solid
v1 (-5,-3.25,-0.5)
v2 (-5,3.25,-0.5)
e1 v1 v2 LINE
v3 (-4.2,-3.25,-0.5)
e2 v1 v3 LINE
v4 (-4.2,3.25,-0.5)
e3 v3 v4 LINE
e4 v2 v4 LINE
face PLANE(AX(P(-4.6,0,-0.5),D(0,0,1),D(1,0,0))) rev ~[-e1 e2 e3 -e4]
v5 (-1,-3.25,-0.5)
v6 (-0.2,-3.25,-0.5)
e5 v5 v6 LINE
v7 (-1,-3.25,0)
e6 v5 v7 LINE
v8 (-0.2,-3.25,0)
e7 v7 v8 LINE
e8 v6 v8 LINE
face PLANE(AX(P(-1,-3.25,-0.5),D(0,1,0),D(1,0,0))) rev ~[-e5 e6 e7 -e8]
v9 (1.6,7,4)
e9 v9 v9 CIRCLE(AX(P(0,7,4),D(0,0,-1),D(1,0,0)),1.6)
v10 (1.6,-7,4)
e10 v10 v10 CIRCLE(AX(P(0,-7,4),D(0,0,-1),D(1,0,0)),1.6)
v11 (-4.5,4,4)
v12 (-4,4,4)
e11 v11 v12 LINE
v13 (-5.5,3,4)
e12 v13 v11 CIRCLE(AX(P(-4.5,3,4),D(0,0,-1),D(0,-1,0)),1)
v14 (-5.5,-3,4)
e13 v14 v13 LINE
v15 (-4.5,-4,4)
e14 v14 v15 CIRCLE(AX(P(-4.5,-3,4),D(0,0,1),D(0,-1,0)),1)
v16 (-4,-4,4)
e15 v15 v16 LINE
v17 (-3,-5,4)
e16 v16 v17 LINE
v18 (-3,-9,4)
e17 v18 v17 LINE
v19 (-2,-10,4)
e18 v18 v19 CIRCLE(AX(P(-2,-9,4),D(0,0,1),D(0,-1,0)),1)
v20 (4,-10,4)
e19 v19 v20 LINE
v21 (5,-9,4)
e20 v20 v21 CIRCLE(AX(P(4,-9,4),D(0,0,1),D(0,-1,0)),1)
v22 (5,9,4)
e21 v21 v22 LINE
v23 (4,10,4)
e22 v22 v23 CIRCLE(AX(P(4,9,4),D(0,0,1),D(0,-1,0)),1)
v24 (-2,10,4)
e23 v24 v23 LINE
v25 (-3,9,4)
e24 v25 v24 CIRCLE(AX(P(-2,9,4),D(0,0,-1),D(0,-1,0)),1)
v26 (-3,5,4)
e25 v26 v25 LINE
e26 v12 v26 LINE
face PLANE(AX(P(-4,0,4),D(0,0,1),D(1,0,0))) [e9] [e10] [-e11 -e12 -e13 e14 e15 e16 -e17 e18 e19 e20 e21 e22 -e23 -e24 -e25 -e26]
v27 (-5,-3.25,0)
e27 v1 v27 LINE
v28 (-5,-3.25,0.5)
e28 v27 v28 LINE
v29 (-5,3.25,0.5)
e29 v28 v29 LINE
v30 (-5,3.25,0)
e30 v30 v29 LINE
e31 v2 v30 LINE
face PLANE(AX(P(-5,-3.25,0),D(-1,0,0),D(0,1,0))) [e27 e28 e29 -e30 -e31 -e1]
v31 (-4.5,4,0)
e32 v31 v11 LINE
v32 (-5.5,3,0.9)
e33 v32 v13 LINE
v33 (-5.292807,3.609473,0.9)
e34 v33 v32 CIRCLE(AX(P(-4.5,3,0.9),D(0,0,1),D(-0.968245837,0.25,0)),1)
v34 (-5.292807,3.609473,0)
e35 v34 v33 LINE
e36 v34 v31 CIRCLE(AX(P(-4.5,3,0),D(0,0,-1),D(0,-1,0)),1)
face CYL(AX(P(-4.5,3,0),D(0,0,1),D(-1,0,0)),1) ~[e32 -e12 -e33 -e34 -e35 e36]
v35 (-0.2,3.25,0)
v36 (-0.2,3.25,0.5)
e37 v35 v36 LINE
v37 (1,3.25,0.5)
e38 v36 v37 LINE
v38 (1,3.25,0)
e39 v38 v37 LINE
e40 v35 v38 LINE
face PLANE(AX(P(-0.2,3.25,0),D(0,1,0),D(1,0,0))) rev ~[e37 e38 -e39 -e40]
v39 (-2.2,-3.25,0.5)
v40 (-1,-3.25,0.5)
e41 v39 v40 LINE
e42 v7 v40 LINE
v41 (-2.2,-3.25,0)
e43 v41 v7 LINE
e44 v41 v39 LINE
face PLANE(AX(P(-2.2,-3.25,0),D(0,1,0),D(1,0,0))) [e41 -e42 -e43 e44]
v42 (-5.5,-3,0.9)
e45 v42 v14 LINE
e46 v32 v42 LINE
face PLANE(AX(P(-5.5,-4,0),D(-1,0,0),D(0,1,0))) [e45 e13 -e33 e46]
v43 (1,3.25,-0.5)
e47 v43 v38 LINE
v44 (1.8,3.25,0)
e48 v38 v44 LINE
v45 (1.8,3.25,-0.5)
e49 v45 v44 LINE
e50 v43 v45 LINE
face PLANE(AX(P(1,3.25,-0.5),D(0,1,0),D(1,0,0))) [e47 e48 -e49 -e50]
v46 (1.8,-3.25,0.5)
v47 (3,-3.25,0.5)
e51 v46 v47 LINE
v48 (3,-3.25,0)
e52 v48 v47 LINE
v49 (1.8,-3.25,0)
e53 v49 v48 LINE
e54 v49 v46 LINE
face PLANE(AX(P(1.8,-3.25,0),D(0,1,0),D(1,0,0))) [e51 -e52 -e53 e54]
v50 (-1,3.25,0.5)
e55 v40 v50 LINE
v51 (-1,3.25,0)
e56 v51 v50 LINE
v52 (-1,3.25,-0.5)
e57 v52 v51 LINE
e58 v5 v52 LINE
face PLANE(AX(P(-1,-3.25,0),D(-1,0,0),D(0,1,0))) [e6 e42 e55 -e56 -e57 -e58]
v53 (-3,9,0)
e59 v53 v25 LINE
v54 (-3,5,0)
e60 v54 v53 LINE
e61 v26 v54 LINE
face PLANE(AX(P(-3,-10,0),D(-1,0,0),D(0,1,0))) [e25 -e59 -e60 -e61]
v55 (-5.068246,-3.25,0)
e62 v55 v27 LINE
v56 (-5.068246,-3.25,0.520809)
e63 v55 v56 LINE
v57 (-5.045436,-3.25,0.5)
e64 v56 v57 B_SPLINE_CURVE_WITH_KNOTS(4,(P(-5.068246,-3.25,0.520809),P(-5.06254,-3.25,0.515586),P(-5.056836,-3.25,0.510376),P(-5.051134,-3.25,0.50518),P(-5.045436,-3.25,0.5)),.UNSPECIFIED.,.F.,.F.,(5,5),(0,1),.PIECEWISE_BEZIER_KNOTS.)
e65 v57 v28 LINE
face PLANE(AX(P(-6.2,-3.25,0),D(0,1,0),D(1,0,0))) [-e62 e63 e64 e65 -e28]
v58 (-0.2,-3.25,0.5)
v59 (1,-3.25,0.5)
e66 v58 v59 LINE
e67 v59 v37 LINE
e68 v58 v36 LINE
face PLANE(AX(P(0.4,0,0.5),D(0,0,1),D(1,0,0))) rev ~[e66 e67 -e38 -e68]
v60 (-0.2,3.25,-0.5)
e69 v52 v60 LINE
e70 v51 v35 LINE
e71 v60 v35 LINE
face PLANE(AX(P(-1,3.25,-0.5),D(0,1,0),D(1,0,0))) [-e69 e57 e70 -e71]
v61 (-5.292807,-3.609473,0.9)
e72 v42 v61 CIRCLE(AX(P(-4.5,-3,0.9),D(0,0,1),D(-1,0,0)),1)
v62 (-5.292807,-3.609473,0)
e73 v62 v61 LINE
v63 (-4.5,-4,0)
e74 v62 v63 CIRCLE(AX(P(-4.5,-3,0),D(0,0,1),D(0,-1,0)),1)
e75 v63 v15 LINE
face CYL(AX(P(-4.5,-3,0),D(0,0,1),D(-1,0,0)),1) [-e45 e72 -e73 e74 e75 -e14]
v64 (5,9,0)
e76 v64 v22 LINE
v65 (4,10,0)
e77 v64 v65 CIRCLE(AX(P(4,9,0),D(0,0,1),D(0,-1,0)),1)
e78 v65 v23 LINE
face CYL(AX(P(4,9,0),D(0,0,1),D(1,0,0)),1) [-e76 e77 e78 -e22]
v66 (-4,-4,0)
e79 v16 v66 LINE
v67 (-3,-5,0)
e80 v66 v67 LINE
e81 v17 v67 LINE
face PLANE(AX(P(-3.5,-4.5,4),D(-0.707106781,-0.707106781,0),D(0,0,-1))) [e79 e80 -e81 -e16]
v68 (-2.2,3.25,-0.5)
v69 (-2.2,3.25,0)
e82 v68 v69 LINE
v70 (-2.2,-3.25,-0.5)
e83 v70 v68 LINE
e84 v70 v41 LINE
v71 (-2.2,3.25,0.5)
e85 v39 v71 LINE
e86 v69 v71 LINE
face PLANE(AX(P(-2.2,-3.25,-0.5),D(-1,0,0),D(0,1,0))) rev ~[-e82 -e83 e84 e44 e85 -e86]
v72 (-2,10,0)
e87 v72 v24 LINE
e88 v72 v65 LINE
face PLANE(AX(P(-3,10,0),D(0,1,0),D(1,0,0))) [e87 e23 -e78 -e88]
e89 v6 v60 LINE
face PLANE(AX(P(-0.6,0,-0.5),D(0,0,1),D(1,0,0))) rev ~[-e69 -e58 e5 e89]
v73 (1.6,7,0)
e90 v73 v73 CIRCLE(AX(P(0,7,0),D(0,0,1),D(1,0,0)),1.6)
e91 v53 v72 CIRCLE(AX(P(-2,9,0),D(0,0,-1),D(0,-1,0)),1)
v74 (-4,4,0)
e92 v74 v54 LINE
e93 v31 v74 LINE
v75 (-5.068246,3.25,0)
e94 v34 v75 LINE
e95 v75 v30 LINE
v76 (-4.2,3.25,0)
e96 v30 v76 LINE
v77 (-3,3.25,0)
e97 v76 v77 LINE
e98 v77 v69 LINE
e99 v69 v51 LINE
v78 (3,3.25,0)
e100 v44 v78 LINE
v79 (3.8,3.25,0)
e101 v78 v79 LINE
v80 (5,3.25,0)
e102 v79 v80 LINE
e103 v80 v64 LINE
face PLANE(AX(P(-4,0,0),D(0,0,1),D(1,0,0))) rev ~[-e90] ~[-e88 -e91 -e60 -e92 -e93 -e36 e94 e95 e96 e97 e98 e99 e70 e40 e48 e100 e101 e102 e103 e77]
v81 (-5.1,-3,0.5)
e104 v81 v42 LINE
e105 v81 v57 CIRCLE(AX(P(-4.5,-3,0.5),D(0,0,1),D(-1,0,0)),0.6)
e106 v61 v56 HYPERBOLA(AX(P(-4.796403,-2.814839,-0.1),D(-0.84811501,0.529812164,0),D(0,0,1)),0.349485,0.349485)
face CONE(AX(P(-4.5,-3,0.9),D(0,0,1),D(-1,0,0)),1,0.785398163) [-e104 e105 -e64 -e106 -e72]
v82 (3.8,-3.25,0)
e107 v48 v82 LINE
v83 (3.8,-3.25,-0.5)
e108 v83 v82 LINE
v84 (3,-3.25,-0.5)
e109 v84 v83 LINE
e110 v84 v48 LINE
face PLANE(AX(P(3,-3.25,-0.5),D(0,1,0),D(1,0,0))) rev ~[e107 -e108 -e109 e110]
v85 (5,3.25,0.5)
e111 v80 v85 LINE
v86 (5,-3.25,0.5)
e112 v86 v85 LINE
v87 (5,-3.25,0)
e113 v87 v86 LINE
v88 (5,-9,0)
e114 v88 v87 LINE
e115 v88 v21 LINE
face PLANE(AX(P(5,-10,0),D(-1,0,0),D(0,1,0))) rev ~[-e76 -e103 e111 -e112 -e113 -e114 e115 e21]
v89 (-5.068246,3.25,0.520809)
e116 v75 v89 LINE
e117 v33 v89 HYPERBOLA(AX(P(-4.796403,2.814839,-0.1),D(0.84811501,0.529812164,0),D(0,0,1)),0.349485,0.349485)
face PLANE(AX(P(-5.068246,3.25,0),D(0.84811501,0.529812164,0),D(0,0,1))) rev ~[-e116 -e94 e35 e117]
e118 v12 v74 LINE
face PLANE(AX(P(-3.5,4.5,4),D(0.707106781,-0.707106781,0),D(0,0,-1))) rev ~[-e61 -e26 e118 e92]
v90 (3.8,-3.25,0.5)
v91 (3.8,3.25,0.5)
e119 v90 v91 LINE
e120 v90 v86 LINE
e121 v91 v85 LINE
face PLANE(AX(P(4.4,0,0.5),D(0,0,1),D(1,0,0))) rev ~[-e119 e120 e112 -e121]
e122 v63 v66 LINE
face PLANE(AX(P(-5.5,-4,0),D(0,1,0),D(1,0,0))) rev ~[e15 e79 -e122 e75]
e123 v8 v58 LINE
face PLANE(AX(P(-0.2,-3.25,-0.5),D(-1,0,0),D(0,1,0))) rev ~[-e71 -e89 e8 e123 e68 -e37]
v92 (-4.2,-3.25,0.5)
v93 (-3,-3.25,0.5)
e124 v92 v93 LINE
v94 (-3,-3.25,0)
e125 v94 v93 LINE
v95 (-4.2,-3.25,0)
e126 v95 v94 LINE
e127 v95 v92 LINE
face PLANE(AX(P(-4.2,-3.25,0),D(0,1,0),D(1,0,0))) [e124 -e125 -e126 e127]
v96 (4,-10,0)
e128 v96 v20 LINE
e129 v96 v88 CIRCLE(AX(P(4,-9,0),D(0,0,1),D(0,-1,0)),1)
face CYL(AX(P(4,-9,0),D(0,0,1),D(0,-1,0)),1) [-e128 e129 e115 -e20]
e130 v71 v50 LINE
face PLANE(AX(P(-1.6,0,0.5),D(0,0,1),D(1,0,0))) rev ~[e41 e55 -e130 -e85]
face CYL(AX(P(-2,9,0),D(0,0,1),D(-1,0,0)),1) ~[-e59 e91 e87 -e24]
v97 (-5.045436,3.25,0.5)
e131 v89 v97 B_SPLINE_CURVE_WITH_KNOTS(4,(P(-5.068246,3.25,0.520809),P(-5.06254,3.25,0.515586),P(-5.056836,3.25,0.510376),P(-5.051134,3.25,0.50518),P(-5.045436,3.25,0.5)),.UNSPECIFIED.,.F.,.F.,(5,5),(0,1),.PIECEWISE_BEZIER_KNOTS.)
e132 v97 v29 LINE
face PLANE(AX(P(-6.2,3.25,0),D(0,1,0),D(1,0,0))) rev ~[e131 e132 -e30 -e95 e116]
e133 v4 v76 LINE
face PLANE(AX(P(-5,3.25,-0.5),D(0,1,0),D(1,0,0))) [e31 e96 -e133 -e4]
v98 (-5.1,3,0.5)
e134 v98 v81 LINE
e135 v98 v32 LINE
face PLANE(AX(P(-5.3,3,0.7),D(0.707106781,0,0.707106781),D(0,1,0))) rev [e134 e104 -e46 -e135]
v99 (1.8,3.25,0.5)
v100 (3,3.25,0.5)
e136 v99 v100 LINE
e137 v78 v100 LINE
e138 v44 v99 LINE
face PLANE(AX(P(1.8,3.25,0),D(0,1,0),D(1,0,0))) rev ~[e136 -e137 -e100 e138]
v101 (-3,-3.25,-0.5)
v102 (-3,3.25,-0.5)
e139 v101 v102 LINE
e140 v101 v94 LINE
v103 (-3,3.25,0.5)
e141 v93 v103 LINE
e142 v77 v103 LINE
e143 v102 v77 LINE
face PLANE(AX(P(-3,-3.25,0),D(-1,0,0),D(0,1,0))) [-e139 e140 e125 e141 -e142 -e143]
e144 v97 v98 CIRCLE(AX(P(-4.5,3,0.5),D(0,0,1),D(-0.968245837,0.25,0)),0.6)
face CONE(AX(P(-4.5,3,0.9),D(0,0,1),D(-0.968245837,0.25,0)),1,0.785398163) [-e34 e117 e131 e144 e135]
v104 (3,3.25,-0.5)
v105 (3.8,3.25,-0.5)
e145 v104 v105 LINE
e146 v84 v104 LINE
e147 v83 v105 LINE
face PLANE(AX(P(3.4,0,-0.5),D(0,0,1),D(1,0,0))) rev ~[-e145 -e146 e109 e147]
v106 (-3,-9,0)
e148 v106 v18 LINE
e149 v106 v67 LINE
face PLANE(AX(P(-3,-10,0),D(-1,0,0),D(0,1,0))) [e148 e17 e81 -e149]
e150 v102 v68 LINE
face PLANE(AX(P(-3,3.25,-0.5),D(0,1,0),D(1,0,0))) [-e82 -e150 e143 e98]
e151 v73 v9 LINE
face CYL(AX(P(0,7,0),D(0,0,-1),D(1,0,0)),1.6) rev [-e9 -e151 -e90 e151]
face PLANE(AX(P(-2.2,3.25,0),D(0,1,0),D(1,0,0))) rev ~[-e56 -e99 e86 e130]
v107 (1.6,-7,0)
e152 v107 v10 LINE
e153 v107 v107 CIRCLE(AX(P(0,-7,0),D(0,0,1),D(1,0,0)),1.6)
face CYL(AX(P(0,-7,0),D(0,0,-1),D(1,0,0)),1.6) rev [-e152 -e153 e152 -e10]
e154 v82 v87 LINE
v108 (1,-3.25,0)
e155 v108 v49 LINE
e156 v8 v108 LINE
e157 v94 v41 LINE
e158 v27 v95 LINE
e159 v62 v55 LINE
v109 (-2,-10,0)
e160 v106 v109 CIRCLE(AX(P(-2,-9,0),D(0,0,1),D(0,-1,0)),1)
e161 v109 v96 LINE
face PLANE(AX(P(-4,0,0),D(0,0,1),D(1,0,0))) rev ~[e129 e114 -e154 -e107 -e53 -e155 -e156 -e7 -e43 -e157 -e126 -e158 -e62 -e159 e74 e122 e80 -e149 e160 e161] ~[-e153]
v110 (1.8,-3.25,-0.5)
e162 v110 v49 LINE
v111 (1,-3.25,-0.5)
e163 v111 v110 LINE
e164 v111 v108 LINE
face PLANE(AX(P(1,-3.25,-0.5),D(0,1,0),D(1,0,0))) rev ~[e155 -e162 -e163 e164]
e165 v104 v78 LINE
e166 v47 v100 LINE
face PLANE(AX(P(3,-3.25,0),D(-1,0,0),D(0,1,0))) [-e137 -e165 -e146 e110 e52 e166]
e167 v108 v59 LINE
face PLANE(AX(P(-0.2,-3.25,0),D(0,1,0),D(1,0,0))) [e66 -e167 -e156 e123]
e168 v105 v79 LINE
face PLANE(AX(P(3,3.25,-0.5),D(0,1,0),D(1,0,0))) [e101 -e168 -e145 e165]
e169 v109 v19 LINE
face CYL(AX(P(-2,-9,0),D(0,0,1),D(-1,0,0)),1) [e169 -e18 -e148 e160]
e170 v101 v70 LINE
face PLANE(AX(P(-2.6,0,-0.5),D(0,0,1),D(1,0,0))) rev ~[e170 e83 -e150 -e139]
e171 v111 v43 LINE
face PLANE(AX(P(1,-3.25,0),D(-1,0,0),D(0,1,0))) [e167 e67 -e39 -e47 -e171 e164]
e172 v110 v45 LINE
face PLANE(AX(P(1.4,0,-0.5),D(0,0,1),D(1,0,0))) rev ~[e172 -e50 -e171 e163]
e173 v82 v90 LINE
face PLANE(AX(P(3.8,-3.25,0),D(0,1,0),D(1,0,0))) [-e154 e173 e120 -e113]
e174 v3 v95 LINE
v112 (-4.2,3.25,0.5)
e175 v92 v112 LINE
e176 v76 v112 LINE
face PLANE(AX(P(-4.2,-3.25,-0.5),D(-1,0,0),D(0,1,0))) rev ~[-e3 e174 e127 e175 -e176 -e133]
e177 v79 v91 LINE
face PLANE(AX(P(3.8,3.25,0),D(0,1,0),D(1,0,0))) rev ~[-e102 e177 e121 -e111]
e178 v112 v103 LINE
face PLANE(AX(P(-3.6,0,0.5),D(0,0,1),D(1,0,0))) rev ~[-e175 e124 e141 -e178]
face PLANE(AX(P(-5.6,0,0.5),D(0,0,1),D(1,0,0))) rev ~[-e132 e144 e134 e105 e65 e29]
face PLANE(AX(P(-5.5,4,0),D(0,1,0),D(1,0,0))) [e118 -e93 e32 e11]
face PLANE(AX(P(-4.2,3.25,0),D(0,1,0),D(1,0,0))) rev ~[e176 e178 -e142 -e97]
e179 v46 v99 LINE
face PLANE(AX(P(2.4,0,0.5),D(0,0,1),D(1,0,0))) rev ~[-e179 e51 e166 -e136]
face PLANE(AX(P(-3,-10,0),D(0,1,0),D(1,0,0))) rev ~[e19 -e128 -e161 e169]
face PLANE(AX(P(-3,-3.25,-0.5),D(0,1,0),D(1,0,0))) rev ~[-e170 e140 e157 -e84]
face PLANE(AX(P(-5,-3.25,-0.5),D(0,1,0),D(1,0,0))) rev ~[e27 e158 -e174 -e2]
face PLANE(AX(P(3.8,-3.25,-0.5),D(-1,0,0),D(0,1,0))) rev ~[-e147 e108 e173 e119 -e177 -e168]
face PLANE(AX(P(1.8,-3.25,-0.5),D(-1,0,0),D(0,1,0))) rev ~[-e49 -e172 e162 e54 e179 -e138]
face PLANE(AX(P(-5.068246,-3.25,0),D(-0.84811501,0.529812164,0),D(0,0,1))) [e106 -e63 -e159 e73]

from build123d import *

# Parameters (mm, degrees)
BOX048_W           = 1.2
BOX048_H           = 6.5
BOX048_DEPTH       = 0.5
BOX049_W           = 1.2
BOX049_H           = 6.5
BOX049_DEPTH       = 0.5
BOX044_W           = 1.2
BOX044_H           = 6.5
BOX044_DEPTH       = 0.5
BOX043_W           = 1.2
BOX043_H           = 6.5
BOX043_DEPTH       = 0.5
BOX039_W           = 1.2
BOX039_H           = 6.5
BOX039_DEPTH       = 0.5
BOX045_W           = 1.2
BOX045_H           = 6.5
BOX045_DEPTH       = 0.5
BOX041_W           = 0.8
BOX041_H           = 6.5
BOX041_DEPTH       = 0.5
BOX040_W           = 0.8
BOX040_H           = 6.5
BOX040_DEPTH       = 0.5
BOX038_W           = 0.8
BOX038_H           = 6.5
BOX038_DEPTH       = 0.5
BOX042_W           = 0.8
BOX042_H           = 6.5
BOX042_DEPTH       = 0.5
BOX047_W           = 0.8
BOX047_H           = 6.5
BOX047_DEPTH       = 0.5
BOX046_W           = 3
BOX046_H           = 8
BOX046_DEPTH       = 4
CYLINDER012_R      = 1.6
CYLINDER012_DEPTH  = 10
CYLINDER011_R      = 1.6
CYLINDER011_DEPTH  = 10
BOX008_W           = 8
BOX008_H           = 20
BOX008_DEPTH       = 4
FILLET002_R        = 1
FILLET_R           = 1
CHAMFER008010_SIZE = 1
CHAMFER008011_SIZE = 0.4


with BuildPart() as cube044:
    # Box048 → Box048 (new body)
    with BuildSketch(Plane(origin=(-4.2, -3.25, 0), x_dir=(1, 0, 0), z_dir=(0, 0, 1))):
        with Locations((0.6, 3.25)):
            Rectangle(BOX048_W, BOX048_H)
    extrude(amount=BOX048_DEPTH)


with BuildPart() as cube045:
    # Box049 → Box049 (new body)
    with BuildSketch(Plane(origin=(-6.2, -3.25, 0), x_dir=(1, 0, 0), z_dir=(0, 0, 1))):
        with Locations((0.6, 3.25)):
            Rectangle(BOX049_W, BOX049_H)
    extrude(amount=BOX049_DEPTH)


with BuildPart() as cube040:
    # Box044 → Box044 (new body)
    with BuildSketch(Plane(origin=(1, -3.25, 0), x_dir=(1, 0, 0), z_dir=(0, 0, 1))):
        with Locations((0.6, 3.25)):
            Rectangle(BOX044_W, BOX044_H)
    extrude(amount=BOX044_DEPTH)


with BuildPart() as cube039:
    # Box043 → Box043 (new body)
    with BuildSketch(Plane(origin=(-1, -3.25, 0), x_dir=(1, 0, 0), z_dir=(0, 0, 1))):
        with Locations((0.6, 3.25)):
            Rectangle(BOX043_W, BOX043_H)
    extrude(amount=BOX043_DEPTH)


with BuildPart() as cube035:
    # Box039 → Box039 (new body)
    with BuildSketch(Plane(origin=(-3, -3.25, 0), x_dir=(1, 0, 0), z_dir=(0, 0, 1))):
        with Locations((0.6, 3.25)):
            Rectangle(BOX039_W, BOX039_H)
    extrude(amount=BOX039_DEPTH)


with BuildPart() as fusion001007011052:
    # Box045 → Box045 (new body)
    with BuildSketch(Plane(origin=(3, -3.25, 0), x_dir=(1, 0, 0), z_dir=(0, 0, 1))):
        with Locations((0.6, 3.25)):
            Rectangle(BOX045_W, BOX045_H)
    extrude(amount=BOX045_DEPTH)

    # Fusion001007011047: union Cube040, Cube039, Cube035
    add(cube040.part)
    add(cube039.part)
    add(cube035.part)


with BuildPart() as fusion001007011052_1:
    # Fusion001007011047 placement: moved
    add(fusion001007011052.part.moved(Location((0.8, 0, 0))))

    # Fusion001007011052: union Cube044, Cube045
    add(cube044.part)
    add(cube045.part)


with BuildPart() as cube037:
    # Box041 → Box041 (new body)
    with BuildSketch(Plane(origin=(2.2, -3.25, -0.5), x_dir=(1, 0, 0), z_dir=(0, 0, 1))):
        with Locations((0.4, 3.25)):
            Rectangle(BOX041_W, BOX041_H)
    extrude(amount=BOX041_DEPTH)


with BuildPart() as cube036:
    # Box040 → Box040 (new body)
    with BuildSketch(Plane(origin=(0.2, -3.25, -0.5), x_dir=(1, 0, 0), z_dir=(0, 0, 1))):
        with Locations((0.4, 3.25)):
            Rectangle(BOX040_W, BOX040_H)
    extrude(amount=BOX040_DEPTH)


with BuildPart() as cube034:
    # Box038 → Box038 (new body)
    with BuildSketch(Plane(origin=(-1.8, -3.25, -0.5), x_dir=(1, 0, 0), z_dir=(0, 0, 1))):
        with Locations((0.4, 3.25)):
            Rectangle(BOX038_W, BOX038_H)
    extrude(amount=BOX038_DEPTH)


with BuildPart() as fusion001007011046:
    # Box042 → Box042 (new body)
    with BuildSketch(Plane(origin=(4.2, -3.25, -0.5), x_dir=(1, 0, 0), z_dir=(0, 0, 1))):
        with Locations((0.4, 3.25)):
            Rectangle(BOX042_W, BOX042_H)
    extrude(amount=BOX042_DEPTH)

    # Fusion001007011046: union Cube037, Cube036, Cube034
    add(cube037.part)
    add(cube036.part)
    add(cube034.part)


with BuildPart() as fusion001007011046_1:
    # Fusion001007011046 placement: moved
    add(fusion001007011046.part.moved(Location((-1.2, 0, 0))))


with BuildPart() as fusion001007011049:
    # Box047 → Box047 (new body)
    with BuildSketch(Plane(origin=(-5, -3.25, -0.5), x_dir=(1, 0, 0), z_dir=(0, 0, 1))):
        with Locations((0.4, 3.25)):
            Rectangle(BOX047_W, BOX047_H)
    extrude(amount=BOX047_DEPTH)

    # Fusion001007011049: union Fusion001007011046
    add(fusion001007011046_1.part)


with BuildPart() as cube042:
    # Box046 → Box046 (new body)
    with BuildSketch(Plane(origin=(-5.5, -4, 0), x_dir=(1, 0, 0), z_dir=(0, 0, 1))):
        with Locations((1.5, 4)):
            Rectangle(BOX046_W, BOX046_H)
    extrude(amount=BOX046_DEPTH)


with BuildPart() as cylinder012:
    # Cylinder012 → Cylinder012 (new body)
    with BuildSketch(Plane(origin=(0, -7, 0), x_dir=(1, 0, 0), z_dir=(0, 0, 1))):
        Circle(CYLINDER012_R)
    extrude(amount=CYLINDER012_DEPTH)


with BuildPart() as fusion017:
    # Cylinder011 → Cylinder011 (new body)
    with BuildSketch(Plane(origin=(0, 7, 0), x_dir=(1, 0, 0), z_dir=(0, 0, 1))):
        Circle(CYLINDER011_R)
    extrude(amount=CYLINDER011_DEPTH)

    # Fusion017: union Cylinder012
    add(cylinder012.part)


with BuildPart() as belt_clamp:
    # Box008 → Box008 (new body)
    with BuildSketch(Plane(origin=(-3, -10, 0), x_dir=(1, 0, 0), z_dir=(0, 0, 1))):
        with Locations((4, 10)):
            Rectangle(BOX008_W, BOX008_H)
    extrude(amount=BOX008_DEPTH)

    # Fillet002
    fillet002_edges = [belt_clamp.edges().sort_by_distance(p)[0] for p in [
        (-3, -10, 2),
        (-3, 10, 2),
        (5, -10, 2),
        (5, 10, 2),
    ]]
    fillet(fillet002_edges, radius=FILLET002_R)

    # Cut008004003012001003001009: cut Fusion017
    add(fusion017.part, mode=Mode.SUBTRACT)

    # Fusion001007011048: union Cube042
    add(cube042.part)

    # Fillet
    fillet_edges = [belt_clamp.edges().sort_by_distance(p)[0] for p in [
        (-5.5, -4, 2),
        (-5.5, 4, 2),
    ]]
    fillet(fillet_edges, radius=FILLET_R)

    # Chamfer008010
    chamfer008010_edges = [belt_clamp.edges().sort_by_distance(p)[0] for p in [
        (-3, 4, 2),
        (-3, -4, 2),
    ]]
    chamfer(chamfer008010_edges, length=CHAMFER008010_SIZE)

    # Fusion001007011051: union Fusion001007011049
    add(fusion001007011049.part)

    # Cut008004003012001003001010001023: cut Fusion001007011052
    add(fusion001007011052_1.part, mode=Mode.SUBTRACT)

    # Chamfer008011
    chamfer008011_edges = [belt_clamp.edges().sort_by_distance(p)[0] for p in [
        (-5.468246, 3.25, 0.25),
        (-5.49203, 3.126004, 0.5),
        (-5.5, 0, 0.5),
        (-5.468246, -3.25, 0.25),
        (-5.49203, -3.126004, 0.5),
    ]]
    chamfer(chamfer008011_edges, length=CHAMFER008011_SIZE)


solid = belt_clamp.part
